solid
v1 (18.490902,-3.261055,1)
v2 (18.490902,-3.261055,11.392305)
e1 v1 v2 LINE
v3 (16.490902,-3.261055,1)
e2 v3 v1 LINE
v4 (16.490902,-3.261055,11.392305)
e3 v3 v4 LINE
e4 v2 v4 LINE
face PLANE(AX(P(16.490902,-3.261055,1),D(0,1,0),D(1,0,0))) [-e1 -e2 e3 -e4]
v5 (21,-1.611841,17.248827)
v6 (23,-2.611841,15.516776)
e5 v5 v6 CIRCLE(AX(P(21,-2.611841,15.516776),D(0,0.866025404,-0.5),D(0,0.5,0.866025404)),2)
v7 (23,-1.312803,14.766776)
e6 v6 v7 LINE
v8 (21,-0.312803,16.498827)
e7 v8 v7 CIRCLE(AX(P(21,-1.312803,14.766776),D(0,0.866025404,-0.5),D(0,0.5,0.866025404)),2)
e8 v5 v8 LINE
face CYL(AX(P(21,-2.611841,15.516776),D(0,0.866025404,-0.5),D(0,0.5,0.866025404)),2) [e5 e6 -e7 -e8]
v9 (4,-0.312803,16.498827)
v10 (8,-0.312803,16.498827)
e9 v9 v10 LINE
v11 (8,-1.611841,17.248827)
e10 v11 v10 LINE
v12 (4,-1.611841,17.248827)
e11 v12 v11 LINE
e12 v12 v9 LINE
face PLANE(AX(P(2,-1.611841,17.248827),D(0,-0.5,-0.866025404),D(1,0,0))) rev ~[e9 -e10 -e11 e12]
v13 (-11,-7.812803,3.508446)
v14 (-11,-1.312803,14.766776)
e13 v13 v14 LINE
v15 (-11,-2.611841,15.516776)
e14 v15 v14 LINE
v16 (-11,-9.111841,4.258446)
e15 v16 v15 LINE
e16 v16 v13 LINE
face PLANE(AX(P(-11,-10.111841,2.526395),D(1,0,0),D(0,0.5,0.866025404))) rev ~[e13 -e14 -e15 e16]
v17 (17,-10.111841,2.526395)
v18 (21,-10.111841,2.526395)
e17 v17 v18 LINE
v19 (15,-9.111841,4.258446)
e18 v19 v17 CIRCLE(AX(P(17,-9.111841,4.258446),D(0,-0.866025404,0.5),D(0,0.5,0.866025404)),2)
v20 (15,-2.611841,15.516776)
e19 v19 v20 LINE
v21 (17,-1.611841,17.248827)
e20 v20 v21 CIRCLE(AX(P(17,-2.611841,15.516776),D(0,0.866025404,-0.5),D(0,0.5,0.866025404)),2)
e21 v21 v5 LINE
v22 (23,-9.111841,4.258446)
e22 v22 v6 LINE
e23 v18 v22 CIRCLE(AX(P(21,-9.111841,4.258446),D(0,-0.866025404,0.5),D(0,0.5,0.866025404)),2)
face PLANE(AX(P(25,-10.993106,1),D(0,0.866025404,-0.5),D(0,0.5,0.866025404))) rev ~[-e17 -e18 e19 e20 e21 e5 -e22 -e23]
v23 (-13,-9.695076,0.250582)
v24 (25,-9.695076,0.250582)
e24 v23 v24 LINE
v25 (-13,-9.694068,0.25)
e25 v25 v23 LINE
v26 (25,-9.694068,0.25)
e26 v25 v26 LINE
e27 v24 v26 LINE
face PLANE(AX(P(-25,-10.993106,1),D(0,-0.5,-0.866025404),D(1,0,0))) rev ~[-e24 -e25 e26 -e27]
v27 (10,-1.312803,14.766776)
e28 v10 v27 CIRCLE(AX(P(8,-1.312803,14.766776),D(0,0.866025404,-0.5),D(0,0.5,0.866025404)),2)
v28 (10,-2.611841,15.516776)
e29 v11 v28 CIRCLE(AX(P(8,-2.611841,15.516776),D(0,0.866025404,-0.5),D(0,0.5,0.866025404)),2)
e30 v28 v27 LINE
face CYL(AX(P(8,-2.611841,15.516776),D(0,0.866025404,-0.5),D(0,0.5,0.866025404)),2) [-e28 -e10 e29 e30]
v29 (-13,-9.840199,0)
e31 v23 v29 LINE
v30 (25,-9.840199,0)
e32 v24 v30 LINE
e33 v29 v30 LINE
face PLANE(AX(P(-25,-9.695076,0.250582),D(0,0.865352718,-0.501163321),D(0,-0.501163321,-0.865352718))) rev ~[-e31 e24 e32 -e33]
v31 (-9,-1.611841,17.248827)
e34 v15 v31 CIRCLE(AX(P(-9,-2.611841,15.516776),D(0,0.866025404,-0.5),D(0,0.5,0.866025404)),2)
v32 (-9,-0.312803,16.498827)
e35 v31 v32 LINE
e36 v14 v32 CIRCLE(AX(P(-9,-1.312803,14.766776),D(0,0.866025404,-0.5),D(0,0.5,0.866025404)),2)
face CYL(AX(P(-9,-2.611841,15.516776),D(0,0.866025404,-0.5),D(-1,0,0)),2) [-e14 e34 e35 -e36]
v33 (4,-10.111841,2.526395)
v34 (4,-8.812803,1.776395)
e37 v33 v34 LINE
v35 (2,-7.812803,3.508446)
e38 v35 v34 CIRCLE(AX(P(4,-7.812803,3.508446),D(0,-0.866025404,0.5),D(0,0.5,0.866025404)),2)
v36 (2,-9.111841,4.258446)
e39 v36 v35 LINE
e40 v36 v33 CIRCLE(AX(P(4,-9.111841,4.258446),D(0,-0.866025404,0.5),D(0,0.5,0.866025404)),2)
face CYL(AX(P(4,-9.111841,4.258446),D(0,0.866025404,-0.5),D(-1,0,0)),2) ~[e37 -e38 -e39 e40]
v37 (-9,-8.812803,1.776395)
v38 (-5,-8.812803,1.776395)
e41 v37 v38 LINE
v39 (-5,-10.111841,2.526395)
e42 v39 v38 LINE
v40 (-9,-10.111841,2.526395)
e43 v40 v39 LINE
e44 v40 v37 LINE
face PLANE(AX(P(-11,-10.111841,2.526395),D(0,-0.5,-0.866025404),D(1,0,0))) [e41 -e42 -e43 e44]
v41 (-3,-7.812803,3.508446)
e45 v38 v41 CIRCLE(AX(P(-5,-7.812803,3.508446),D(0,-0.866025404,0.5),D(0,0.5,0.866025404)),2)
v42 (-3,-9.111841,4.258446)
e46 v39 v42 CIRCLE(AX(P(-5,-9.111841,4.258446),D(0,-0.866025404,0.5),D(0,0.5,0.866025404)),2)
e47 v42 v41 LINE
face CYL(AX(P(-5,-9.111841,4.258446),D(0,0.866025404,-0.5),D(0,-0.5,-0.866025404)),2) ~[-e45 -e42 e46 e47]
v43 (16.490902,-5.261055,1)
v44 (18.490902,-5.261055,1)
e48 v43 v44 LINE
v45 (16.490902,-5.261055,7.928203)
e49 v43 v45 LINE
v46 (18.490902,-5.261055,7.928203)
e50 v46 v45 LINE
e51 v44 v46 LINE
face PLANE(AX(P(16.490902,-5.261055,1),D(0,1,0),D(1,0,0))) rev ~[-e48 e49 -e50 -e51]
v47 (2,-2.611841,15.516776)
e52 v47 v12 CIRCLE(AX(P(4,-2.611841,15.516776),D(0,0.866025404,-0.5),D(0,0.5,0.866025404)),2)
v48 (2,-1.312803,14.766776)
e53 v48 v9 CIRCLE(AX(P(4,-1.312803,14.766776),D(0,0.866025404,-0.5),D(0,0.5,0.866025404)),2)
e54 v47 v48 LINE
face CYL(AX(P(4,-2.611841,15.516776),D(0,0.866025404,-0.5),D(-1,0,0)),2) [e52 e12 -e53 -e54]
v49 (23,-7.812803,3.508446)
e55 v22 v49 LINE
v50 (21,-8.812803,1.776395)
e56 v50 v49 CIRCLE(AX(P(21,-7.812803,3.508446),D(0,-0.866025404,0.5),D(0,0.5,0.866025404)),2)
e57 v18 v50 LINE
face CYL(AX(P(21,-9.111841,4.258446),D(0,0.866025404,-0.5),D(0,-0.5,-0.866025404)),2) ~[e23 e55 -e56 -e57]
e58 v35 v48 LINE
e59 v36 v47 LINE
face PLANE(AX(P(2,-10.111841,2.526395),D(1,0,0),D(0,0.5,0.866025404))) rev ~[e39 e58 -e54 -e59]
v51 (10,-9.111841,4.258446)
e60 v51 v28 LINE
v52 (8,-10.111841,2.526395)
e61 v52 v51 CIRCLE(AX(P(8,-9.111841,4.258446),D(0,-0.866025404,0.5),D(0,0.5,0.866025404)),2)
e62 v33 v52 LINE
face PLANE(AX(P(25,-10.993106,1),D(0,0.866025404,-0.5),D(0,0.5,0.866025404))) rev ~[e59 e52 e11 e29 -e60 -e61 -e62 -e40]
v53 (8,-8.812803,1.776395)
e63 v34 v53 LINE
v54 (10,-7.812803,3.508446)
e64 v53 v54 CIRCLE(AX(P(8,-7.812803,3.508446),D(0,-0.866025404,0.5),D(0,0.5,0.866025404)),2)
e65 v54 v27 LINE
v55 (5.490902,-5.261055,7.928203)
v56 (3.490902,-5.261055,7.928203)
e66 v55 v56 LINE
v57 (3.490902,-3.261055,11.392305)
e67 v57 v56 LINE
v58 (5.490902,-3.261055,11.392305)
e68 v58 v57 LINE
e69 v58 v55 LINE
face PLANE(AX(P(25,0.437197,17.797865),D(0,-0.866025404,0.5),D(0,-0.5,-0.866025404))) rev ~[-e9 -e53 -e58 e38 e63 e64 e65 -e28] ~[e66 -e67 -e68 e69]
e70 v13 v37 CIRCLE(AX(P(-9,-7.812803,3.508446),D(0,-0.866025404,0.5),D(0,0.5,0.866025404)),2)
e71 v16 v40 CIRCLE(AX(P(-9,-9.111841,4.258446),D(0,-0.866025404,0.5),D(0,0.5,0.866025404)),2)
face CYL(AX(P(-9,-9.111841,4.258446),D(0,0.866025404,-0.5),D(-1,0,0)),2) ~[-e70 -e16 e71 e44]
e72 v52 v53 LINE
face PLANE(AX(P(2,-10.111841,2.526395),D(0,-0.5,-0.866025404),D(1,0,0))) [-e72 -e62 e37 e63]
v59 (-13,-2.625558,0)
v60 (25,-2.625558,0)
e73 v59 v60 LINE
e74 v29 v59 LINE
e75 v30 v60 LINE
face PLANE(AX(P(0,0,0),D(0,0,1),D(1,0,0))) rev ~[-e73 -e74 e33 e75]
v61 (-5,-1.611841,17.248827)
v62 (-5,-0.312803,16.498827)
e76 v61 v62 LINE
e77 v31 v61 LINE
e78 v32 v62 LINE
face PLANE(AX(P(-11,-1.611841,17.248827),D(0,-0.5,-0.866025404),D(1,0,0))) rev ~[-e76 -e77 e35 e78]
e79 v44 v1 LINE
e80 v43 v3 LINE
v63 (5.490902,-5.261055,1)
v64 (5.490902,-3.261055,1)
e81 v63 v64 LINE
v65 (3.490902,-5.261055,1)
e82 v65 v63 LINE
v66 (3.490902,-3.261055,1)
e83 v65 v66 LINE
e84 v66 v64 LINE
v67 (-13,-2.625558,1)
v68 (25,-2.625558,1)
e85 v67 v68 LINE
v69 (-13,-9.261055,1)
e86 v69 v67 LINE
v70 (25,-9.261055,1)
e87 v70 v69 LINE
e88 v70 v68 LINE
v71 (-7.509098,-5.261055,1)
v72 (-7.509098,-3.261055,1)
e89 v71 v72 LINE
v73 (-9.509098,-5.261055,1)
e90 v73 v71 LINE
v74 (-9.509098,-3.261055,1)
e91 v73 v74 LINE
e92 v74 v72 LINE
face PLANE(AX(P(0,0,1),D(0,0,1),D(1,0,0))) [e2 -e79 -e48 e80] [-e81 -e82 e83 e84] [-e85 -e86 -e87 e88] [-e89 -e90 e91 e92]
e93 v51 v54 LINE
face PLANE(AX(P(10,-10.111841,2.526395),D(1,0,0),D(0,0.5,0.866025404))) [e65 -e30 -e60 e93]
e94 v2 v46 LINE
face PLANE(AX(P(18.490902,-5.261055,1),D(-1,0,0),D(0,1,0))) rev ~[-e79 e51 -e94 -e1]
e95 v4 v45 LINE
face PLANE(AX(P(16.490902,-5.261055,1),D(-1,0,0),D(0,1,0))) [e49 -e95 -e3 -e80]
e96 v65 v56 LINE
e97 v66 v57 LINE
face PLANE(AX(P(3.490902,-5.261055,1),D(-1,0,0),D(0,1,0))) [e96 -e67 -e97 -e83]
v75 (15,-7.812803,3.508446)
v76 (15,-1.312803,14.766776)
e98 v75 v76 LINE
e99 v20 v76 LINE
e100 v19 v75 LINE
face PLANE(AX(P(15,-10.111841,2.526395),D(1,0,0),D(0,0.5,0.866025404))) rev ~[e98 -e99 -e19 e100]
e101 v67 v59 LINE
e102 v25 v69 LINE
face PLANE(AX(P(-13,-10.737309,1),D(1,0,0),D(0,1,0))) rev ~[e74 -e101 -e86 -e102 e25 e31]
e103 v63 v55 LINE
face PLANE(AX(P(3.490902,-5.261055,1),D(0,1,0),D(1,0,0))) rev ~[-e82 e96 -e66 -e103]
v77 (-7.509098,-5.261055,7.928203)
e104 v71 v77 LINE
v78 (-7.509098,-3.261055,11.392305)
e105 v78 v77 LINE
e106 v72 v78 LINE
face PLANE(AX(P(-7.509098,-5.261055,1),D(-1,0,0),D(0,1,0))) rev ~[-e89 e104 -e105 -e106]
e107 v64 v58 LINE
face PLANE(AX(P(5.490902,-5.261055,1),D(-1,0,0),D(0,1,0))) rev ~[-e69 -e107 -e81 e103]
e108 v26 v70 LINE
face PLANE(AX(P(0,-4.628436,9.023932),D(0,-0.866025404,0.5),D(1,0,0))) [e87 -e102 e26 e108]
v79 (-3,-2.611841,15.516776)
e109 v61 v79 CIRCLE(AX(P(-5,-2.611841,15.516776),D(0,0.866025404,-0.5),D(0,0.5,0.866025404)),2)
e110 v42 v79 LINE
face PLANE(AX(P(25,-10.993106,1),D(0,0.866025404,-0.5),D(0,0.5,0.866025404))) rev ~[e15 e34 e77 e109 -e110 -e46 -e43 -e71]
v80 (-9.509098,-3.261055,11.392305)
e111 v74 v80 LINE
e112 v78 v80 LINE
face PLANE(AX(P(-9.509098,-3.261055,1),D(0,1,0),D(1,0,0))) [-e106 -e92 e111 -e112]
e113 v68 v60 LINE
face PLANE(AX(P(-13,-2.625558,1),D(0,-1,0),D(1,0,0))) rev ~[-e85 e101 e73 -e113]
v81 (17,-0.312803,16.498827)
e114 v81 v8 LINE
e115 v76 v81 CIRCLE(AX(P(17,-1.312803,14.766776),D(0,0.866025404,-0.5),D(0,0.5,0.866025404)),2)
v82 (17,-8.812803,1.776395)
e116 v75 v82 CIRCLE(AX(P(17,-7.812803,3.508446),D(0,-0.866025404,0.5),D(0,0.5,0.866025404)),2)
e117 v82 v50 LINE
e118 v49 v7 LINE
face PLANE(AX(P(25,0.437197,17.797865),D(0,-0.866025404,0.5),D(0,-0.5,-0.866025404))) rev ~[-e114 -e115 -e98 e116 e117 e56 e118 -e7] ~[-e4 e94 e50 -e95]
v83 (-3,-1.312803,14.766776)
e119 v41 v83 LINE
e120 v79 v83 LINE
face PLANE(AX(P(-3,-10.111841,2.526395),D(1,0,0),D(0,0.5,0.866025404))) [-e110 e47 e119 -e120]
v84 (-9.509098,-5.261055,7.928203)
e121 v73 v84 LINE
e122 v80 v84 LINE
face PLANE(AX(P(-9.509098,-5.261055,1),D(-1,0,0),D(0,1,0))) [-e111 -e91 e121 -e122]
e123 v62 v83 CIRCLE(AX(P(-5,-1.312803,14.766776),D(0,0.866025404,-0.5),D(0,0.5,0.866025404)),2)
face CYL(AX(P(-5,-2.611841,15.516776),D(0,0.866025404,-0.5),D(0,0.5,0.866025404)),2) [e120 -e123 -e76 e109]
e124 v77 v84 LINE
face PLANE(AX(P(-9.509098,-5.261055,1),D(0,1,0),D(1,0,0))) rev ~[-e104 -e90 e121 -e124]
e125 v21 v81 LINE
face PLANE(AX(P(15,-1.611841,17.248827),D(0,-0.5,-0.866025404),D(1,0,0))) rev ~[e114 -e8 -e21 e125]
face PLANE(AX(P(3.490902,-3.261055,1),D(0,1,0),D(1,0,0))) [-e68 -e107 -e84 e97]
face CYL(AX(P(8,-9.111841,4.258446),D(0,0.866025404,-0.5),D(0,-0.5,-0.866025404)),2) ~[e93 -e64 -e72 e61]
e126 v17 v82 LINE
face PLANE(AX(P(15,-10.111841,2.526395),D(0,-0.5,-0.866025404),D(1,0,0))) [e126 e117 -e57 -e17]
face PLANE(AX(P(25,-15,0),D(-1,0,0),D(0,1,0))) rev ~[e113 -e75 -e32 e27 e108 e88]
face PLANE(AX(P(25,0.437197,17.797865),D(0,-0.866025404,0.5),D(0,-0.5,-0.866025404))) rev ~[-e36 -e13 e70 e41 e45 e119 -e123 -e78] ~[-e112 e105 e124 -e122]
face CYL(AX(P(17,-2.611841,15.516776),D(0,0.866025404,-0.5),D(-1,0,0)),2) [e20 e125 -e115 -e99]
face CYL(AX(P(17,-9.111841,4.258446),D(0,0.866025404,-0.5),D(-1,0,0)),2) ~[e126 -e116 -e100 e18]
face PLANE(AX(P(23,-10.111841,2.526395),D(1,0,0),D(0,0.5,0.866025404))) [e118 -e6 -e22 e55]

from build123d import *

# Parameters (mm, degrees)
SKETCH1_W           = 50
SKETCH1_H           = 30
BOSS_EXTRUDE1_DEPTH = 1
BOSS_EXTRUDE2_DEPTH = 50
SKETCH3_W           = 50
SKETCH3_H           = 20.262529014
SKETCH3_W_2         = 8
SKETCH3_H_2         = 17
CUT_EXTRUDE1_DEPTH  = 1.5
BOSS_EXTRUDE3_REACH = 18.249
SKETCH4_W           = 2
SKETCH4_H           = 2
CUT_EXTRUDE2_DEPTH  = 50
SKETCH6_W           = 12
SKETCH6_H           = 25.737309448
CUT_EXTRUDE3_DEPTH  = 1
SKETCH7_W           = 38
SKETCH7_H           = 17.625558307
CUT_EXTRUDE4_DEPTH  = 1
FILLET1_R           = 2
FILLET2_R           = 2


with BuildPart() as part:
    # Sketch1 → Boss-Extrude1 (new body)
    with BuildSketch(Plane.XY):
        Rectangle(SKETCH1_W, SKETCH1_H)
    extrude(amount=BOSS_EXTRUDE1_DEPTH)

    # Sketch2 → Boss-Extrude2 (add, through all)
    with BuildSketch(Plane(origin=(25, 0, 0), x_dir=(0, 0, -1), z_dir=(1, 0, 0))):
        Polygon((-1, -10.993105909), (-18.547864871, -0.861841403), (-17.797864871, 0.437196703), (-1, -9.261055102), align=None)
    extrude(amount=-BOSS_EXTRUDE2_DEPTH)

    # Sketch3 → Cut-Extrude1 (cut)
    with BuildSketch(Plane(origin=(0, -8.677842134, 5.010154492), x_dir=(1, 0, 0), z_dir=(0, -0.866025404, 0.5))):
        with Locations((0, 5.500736956)):
            Rectangle(SKETCH3_W, SKETCH3_H)
        with Locations((19, 5.632001463)):
            Rectangle(SKETCH3_W_2, SKETCH3_H_2, mode=Mode.SUBTRACT)
        with Locations((6, 5.632001463)):
            Rectangle(SKETCH3_W_2, SKETCH3_H_2, mode=Mode.SUBTRACT)
        with Locations((-7, 5.632001463)):
            Rectangle(SKETCH3_W_2, SKETCH3_H_2, mode=Mode.SUBTRACT)
    extrude(amount=-CUT_EXTRUDE1_DEPTH, mode=Mode.SUBTRACT)

    # Boss-Extrude3: up to this face of the body (flat: up to its plane)
    boss_extrude3_end = Plane(part.part.faces().sort_by_distance((19, -5.861841403, 9.887610833))[0])
    # Sketch4 → Boss-Extrude3 (add, up to the picked face)
    with BuildSketch(Plane.XY.offset(1), mode=Mode.PRIVATE) as boss_extrude3_sk1:
        with Locations((17.490902079, -4.261055102)):
            Rectangle(SKETCH4_W, SKETCH4_H)
    boss_extrude3_tool1 = split(extrude(boss_extrude3_sk1.sketch, amount=BOSS_EXTRUDE3_REACH, mode=Mode.PRIVATE), bisect_by=boss_extrude3_end, keep=Keep.BOTH, mode=Mode.PRIVATE)
    add(boss_extrude3_tool1.solids().sort_by_distance((17.490902, -4.261055, 1))[0])
    # Sketch4 → Boss-Extrude3 (add, up to the picked face)
    with BuildSketch(Plane.XY.offset(1), mode=Mode.PRIVATE) as boss_extrude3_sk2:
        with Locations((4.490902079, -4.261055102)):
            Rectangle(SKETCH4_W, SKETCH4_H)
    boss_extrude3_tool2 = split(extrude(boss_extrude3_sk2.sketch, amount=BOSS_EXTRUDE3_REACH, mode=Mode.PRIVATE), bisect_by=boss_extrude3_end, keep=Keep.BOTH, mode=Mode.PRIVATE)
    add(boss_extrude3_tool2.solids().sort_by_distance((4.490902, -4.261055, 1))[0])
    # Sketch4 → Boss-Extrude3 (add, up to the picked face)
    with BuildSketch(Plane.XY.offset(1), mode=Mode.PRIVATE) as boss_extrude3_sk3:
        with Locations((-8.509097921, -4.261055102)):
            Rectangle(SKETCH4_W, SKETCH4_H)
    boss_extrude3_tool3 = split(extrude(boss_extrude3_sk3.sketch, amount=BOSS_EXTRUDE3_REACH, mode=Mode.PRIVATE), bisect_by=boss_extrude3_end, keep=Keep.BOTH, mode=Mode.PRIVATE)
    add(boss_extrude3_tool3.solids().sort_by_distance((-8.509098, -4.261055, 1))[0])

    # Sketch5 → Cut-Extrude2 (cut)
    with BuildSketch(Plane.ZY.offset(25)):
        Polygon((0.250581886, -9.69507566), (0, -9.840198507), (0, -15), (1, -15), (1, -10.993105909), align=None)
    extrude(amount=-CUT_EXTRUDE2_DEPTH, mode=Mode.SUBTRACT)

    # Sketch6 → Cut-Extrude3 (cut)
    with BuildSketch(Plane.XY.offset(1)):
        with Locations((-19, 2.131345276)):
            Rectangle(SKETCH6_W, SKETCH6_H)
    extrude(amount=-CUT_EXTRUDE3_DEPTH, mode=Mode.SUBTRACT)

    # Sketch7 → Cut-Extrude4 (cut)
    with BuildSketch(Plane.XY.offset(1)):
        with Locations((6, 6.187220847)):
            Rectangle(SKETCH7_W, SKETCH7_H)
    extrude(amount=-CUT_EXTRUDE4_DEPTH, mode=Mode.SUBTRACT)

    # Fillet1
    fillet1_edges = [part.edges().sort_by_distance(p)[0] for p in [
        (-3, -9.46232235, 2.151394901),
        (-3, -0.96232235, 16.873826765),
        (-11, -0.96232235, 16.873826765),
        (-11, -9.46232235, 2.151394901),
    ]]
    fillet(fillet1_edges, radius=FILLET1_R)

    # Fillet2
    fillet2_edges = [part.edges().sort_by_distance(p)[0] for p in [
        (23, -9.46232235, 2.151394901),
        (23, -0.96232235, 16.873826765),
        (15, -0.96232235, 16.873826765),
        (15, -9.46232235, 2.151394901),
        (10, -9.46232235, 2.151394901),
        (10, -0.96232235, 16.873826765),
        (2, -0.96232235, 16.873826765),
        (2, -9.46232235, 2.151394901),
    ]]
    fillet(fillet2_edges, radius=FILLET2_R)


solid = part.part
